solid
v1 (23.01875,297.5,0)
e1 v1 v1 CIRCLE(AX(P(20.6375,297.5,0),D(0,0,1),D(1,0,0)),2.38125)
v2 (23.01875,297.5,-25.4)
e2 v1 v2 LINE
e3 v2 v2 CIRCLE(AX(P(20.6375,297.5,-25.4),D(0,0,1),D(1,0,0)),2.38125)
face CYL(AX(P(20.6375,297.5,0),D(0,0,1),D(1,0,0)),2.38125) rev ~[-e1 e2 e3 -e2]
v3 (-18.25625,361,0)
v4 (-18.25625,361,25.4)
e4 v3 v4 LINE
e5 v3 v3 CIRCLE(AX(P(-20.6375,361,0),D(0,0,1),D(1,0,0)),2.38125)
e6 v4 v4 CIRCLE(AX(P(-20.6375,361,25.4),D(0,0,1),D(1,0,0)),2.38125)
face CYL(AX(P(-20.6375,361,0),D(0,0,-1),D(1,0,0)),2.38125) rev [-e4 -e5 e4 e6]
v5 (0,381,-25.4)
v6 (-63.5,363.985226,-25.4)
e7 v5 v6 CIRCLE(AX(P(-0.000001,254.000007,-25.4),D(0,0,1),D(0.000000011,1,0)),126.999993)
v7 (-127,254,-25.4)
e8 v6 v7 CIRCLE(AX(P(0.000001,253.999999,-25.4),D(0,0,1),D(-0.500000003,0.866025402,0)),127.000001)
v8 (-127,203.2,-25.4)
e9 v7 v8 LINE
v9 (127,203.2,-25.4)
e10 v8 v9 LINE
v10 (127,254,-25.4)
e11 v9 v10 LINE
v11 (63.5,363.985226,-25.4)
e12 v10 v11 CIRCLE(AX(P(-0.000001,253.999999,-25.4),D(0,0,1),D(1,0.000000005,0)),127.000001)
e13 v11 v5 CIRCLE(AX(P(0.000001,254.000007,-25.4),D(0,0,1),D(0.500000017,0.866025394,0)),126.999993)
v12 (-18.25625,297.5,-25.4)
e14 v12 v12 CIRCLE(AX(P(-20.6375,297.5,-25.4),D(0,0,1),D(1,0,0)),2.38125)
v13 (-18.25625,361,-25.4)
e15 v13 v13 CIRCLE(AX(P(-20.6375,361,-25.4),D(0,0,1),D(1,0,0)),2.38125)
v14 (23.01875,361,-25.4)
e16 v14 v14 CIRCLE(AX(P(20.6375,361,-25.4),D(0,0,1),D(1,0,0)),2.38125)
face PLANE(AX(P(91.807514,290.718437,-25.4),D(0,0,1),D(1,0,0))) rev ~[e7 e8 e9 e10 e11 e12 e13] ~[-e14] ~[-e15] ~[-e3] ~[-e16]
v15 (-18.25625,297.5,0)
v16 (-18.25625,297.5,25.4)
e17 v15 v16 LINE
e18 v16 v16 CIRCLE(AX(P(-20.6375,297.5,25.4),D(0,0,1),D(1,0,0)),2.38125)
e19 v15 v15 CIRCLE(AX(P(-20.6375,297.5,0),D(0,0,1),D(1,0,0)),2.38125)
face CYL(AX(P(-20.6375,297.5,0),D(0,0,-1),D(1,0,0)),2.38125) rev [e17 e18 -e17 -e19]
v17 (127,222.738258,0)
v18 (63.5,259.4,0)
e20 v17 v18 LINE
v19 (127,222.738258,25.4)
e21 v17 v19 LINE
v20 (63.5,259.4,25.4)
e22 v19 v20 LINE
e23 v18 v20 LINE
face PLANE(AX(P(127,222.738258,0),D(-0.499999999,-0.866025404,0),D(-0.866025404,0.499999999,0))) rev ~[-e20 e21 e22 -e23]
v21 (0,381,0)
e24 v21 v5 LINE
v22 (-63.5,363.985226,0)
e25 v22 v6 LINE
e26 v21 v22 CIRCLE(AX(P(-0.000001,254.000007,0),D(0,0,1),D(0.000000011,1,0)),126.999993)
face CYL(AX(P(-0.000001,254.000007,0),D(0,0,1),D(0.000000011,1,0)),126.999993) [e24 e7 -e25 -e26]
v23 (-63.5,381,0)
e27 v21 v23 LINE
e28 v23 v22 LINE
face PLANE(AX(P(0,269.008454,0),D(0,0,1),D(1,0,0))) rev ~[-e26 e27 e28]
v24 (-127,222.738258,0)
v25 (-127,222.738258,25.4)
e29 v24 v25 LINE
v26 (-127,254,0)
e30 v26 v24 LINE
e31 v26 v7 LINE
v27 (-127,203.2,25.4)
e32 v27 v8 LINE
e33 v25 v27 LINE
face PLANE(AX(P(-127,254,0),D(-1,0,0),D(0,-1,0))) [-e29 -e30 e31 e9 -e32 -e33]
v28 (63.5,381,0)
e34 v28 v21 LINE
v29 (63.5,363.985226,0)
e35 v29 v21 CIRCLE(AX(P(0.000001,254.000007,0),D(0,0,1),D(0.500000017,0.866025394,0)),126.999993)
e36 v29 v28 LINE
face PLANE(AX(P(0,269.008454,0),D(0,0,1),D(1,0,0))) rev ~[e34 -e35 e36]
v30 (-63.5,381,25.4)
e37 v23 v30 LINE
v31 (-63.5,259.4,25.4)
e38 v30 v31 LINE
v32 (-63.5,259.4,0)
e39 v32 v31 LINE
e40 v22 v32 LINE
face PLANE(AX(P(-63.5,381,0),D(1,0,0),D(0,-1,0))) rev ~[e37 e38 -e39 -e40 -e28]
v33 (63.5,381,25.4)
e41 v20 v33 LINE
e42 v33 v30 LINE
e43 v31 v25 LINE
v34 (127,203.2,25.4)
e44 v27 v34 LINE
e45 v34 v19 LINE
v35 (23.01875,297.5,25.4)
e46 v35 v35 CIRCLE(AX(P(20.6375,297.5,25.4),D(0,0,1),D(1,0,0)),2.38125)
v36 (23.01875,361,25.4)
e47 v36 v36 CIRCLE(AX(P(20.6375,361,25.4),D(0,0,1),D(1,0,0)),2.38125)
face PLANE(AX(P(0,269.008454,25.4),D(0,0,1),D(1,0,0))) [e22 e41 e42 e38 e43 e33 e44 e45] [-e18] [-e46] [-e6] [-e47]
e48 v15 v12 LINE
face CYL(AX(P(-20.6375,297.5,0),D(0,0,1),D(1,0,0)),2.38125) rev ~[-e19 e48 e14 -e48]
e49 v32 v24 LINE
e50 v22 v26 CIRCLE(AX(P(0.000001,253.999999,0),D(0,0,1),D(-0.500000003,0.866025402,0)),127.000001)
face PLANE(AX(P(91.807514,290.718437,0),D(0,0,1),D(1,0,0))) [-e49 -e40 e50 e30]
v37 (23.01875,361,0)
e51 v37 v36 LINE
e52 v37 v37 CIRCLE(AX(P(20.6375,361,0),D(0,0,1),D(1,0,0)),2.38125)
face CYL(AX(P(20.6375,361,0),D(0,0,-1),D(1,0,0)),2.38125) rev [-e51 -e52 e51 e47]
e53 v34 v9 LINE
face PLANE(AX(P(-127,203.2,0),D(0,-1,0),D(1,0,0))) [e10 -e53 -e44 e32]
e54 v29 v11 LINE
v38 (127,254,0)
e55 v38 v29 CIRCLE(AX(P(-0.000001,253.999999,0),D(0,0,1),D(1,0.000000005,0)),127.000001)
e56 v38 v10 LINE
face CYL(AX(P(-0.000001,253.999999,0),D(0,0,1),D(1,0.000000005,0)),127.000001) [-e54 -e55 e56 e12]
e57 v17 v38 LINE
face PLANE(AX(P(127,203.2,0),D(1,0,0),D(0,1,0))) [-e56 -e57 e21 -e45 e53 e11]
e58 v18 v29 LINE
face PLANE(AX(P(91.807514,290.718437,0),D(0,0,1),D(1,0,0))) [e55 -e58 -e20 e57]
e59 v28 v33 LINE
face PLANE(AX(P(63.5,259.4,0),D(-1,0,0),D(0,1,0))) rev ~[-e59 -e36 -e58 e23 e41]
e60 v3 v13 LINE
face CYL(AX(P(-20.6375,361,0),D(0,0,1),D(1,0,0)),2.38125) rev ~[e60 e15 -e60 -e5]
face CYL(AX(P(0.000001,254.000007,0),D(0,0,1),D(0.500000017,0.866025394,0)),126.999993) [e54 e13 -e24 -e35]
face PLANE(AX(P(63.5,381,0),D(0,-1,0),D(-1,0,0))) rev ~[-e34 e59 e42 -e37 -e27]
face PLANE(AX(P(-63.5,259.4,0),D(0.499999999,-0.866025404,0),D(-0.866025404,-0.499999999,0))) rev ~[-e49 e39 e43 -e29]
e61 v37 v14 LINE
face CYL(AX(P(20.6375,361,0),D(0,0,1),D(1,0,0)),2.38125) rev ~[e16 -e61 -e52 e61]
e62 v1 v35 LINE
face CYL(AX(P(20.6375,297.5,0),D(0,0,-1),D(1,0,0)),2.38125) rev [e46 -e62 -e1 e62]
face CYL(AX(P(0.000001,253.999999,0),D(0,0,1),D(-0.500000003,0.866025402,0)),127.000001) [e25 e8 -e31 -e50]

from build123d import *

# Parameters (mm, degrees)
F0_R     = 2.38125
F1_DEPTH = 25.4
F2_DEPTH = 25.4


with BuildPart() as f1:
    # F0 (on Top) → F1 (new body)
    with BuildSketch(Plane.XY):
        with BuildLine():
            ThreePointArc((0, 381), (-32.870019, 376.67258), (-63.5, 363.985226))
            Line((-63.5, 363.985226), (-63.5, 259.4))
            Line((-63.5, 259.4), (-127, 222.738258))
            Line((-127, 222.738258), (-127, 203.2))
            Line((-127, 203.2), (127, 203.2))
            Line((127, 203.2), (127, 222.738258))
            Line((127, 222.738258), (63.5, 259.4))
            Line((63.5, 259.4), (63.5, 363.985226))
            ThreePointArc((63.5, 363.985226), (32.870019, 376.67258), (0, 381))
        make_face()
        with Locations((-20.6375, 297.5)):
            Circle(F0_R, mode=Mode.SUBTRACT)
        with Locations((-20.6375, 361)):
            Circle(F0_R, mode=Mode.SUBTRACT)
        with Locations((20.6375, 297.5)):
            Circle(F0_R, mode=Mode.SUBTRACT)
        with Locations((20.6375, 361)):
            Circle(F0_R, mode=Mode.SUBTRACT)
        with BuildLine():
            Line((0, 381), (-63.5, 381))
            Line((-63.5, 381), (-63.5, 363.985226))
            ThreePointArc((-63.5, 363.985226), (-32.870019, 376.67258), (0, 381))
        make_face()
        with BuildLine():
            Line((63.5, 381), (0, 381))
            ThreePointArc((0, 381), (32.870019, 376.67258), (63.5, 363.985226))
            Line((63.5, 363.985226), (63.5, 381))
        make_face()
    extrude(amount=F1_DEPTH)

    # F0 (on Top) → F2 (join)
    with BuildSketch(Plane.XY):
        with BuildLine():
            ThreePointArc((127, 254), (109.985226, 317.5), (63.5, 363.985226))
            Line((63.5, 363.985226), (63.5, 259.4))
            Line((63.5, 259.4), (127, 222.738258))
            Line((127, 222.738258), (127, 254))
        make_face()
        with BuildLine():
            ThreePointArc((0, 381), (-32.870019, 376.67258), (-63.5, 363.985226))
            Line((-63.5, 363.985226), (-63.5, 259.4))
            Line((-63.5, 259.4), (-127, 222.738258))
            Line((-127, 222.738258), (-127, 203.2))
            Line((-127, 203.2), (127, 203.2))
            Line((127, 203.2), (127, 222.738258))
            Line((127, 222.738258), (63.5, 259.4))
            Line((63.5, 259.4), (63.5, 363.985226))
            ThreePointArc((63.5, 363.985226), (32.870019, 376.67258), (0, 381))
        make_face()
        with Locations((-20.6375, 297.5)):
            Circle(F0_R, mode=Mode.SUBTRACT)
        with Locations((-20.6375, 361)):
            Circle(F0_R, mode=Mode.SUBTRACT)
        with Locations((20.6375, 297.5)):
            Circle(F0_R, mode=Mode.SUBTRACT)
        with Locations((20.6375, 361)):
            Circle(F0_R, mode=Mode.SUBTRACT)
        with BuildLine():
            Line((-63.5, 259.4), (-63.5, 363.985226))
            ThreePointArc((-63.5, 363.985226), (-109.985226, 317.5), (-127, 254))
            Line((-127, 254), (-127, 222.738258))
            Line((-127, 222.738258), (-63.5, 259.4))
        make_face()
    extrude(amount=-F2_DEPTH)


solid = f1.part
